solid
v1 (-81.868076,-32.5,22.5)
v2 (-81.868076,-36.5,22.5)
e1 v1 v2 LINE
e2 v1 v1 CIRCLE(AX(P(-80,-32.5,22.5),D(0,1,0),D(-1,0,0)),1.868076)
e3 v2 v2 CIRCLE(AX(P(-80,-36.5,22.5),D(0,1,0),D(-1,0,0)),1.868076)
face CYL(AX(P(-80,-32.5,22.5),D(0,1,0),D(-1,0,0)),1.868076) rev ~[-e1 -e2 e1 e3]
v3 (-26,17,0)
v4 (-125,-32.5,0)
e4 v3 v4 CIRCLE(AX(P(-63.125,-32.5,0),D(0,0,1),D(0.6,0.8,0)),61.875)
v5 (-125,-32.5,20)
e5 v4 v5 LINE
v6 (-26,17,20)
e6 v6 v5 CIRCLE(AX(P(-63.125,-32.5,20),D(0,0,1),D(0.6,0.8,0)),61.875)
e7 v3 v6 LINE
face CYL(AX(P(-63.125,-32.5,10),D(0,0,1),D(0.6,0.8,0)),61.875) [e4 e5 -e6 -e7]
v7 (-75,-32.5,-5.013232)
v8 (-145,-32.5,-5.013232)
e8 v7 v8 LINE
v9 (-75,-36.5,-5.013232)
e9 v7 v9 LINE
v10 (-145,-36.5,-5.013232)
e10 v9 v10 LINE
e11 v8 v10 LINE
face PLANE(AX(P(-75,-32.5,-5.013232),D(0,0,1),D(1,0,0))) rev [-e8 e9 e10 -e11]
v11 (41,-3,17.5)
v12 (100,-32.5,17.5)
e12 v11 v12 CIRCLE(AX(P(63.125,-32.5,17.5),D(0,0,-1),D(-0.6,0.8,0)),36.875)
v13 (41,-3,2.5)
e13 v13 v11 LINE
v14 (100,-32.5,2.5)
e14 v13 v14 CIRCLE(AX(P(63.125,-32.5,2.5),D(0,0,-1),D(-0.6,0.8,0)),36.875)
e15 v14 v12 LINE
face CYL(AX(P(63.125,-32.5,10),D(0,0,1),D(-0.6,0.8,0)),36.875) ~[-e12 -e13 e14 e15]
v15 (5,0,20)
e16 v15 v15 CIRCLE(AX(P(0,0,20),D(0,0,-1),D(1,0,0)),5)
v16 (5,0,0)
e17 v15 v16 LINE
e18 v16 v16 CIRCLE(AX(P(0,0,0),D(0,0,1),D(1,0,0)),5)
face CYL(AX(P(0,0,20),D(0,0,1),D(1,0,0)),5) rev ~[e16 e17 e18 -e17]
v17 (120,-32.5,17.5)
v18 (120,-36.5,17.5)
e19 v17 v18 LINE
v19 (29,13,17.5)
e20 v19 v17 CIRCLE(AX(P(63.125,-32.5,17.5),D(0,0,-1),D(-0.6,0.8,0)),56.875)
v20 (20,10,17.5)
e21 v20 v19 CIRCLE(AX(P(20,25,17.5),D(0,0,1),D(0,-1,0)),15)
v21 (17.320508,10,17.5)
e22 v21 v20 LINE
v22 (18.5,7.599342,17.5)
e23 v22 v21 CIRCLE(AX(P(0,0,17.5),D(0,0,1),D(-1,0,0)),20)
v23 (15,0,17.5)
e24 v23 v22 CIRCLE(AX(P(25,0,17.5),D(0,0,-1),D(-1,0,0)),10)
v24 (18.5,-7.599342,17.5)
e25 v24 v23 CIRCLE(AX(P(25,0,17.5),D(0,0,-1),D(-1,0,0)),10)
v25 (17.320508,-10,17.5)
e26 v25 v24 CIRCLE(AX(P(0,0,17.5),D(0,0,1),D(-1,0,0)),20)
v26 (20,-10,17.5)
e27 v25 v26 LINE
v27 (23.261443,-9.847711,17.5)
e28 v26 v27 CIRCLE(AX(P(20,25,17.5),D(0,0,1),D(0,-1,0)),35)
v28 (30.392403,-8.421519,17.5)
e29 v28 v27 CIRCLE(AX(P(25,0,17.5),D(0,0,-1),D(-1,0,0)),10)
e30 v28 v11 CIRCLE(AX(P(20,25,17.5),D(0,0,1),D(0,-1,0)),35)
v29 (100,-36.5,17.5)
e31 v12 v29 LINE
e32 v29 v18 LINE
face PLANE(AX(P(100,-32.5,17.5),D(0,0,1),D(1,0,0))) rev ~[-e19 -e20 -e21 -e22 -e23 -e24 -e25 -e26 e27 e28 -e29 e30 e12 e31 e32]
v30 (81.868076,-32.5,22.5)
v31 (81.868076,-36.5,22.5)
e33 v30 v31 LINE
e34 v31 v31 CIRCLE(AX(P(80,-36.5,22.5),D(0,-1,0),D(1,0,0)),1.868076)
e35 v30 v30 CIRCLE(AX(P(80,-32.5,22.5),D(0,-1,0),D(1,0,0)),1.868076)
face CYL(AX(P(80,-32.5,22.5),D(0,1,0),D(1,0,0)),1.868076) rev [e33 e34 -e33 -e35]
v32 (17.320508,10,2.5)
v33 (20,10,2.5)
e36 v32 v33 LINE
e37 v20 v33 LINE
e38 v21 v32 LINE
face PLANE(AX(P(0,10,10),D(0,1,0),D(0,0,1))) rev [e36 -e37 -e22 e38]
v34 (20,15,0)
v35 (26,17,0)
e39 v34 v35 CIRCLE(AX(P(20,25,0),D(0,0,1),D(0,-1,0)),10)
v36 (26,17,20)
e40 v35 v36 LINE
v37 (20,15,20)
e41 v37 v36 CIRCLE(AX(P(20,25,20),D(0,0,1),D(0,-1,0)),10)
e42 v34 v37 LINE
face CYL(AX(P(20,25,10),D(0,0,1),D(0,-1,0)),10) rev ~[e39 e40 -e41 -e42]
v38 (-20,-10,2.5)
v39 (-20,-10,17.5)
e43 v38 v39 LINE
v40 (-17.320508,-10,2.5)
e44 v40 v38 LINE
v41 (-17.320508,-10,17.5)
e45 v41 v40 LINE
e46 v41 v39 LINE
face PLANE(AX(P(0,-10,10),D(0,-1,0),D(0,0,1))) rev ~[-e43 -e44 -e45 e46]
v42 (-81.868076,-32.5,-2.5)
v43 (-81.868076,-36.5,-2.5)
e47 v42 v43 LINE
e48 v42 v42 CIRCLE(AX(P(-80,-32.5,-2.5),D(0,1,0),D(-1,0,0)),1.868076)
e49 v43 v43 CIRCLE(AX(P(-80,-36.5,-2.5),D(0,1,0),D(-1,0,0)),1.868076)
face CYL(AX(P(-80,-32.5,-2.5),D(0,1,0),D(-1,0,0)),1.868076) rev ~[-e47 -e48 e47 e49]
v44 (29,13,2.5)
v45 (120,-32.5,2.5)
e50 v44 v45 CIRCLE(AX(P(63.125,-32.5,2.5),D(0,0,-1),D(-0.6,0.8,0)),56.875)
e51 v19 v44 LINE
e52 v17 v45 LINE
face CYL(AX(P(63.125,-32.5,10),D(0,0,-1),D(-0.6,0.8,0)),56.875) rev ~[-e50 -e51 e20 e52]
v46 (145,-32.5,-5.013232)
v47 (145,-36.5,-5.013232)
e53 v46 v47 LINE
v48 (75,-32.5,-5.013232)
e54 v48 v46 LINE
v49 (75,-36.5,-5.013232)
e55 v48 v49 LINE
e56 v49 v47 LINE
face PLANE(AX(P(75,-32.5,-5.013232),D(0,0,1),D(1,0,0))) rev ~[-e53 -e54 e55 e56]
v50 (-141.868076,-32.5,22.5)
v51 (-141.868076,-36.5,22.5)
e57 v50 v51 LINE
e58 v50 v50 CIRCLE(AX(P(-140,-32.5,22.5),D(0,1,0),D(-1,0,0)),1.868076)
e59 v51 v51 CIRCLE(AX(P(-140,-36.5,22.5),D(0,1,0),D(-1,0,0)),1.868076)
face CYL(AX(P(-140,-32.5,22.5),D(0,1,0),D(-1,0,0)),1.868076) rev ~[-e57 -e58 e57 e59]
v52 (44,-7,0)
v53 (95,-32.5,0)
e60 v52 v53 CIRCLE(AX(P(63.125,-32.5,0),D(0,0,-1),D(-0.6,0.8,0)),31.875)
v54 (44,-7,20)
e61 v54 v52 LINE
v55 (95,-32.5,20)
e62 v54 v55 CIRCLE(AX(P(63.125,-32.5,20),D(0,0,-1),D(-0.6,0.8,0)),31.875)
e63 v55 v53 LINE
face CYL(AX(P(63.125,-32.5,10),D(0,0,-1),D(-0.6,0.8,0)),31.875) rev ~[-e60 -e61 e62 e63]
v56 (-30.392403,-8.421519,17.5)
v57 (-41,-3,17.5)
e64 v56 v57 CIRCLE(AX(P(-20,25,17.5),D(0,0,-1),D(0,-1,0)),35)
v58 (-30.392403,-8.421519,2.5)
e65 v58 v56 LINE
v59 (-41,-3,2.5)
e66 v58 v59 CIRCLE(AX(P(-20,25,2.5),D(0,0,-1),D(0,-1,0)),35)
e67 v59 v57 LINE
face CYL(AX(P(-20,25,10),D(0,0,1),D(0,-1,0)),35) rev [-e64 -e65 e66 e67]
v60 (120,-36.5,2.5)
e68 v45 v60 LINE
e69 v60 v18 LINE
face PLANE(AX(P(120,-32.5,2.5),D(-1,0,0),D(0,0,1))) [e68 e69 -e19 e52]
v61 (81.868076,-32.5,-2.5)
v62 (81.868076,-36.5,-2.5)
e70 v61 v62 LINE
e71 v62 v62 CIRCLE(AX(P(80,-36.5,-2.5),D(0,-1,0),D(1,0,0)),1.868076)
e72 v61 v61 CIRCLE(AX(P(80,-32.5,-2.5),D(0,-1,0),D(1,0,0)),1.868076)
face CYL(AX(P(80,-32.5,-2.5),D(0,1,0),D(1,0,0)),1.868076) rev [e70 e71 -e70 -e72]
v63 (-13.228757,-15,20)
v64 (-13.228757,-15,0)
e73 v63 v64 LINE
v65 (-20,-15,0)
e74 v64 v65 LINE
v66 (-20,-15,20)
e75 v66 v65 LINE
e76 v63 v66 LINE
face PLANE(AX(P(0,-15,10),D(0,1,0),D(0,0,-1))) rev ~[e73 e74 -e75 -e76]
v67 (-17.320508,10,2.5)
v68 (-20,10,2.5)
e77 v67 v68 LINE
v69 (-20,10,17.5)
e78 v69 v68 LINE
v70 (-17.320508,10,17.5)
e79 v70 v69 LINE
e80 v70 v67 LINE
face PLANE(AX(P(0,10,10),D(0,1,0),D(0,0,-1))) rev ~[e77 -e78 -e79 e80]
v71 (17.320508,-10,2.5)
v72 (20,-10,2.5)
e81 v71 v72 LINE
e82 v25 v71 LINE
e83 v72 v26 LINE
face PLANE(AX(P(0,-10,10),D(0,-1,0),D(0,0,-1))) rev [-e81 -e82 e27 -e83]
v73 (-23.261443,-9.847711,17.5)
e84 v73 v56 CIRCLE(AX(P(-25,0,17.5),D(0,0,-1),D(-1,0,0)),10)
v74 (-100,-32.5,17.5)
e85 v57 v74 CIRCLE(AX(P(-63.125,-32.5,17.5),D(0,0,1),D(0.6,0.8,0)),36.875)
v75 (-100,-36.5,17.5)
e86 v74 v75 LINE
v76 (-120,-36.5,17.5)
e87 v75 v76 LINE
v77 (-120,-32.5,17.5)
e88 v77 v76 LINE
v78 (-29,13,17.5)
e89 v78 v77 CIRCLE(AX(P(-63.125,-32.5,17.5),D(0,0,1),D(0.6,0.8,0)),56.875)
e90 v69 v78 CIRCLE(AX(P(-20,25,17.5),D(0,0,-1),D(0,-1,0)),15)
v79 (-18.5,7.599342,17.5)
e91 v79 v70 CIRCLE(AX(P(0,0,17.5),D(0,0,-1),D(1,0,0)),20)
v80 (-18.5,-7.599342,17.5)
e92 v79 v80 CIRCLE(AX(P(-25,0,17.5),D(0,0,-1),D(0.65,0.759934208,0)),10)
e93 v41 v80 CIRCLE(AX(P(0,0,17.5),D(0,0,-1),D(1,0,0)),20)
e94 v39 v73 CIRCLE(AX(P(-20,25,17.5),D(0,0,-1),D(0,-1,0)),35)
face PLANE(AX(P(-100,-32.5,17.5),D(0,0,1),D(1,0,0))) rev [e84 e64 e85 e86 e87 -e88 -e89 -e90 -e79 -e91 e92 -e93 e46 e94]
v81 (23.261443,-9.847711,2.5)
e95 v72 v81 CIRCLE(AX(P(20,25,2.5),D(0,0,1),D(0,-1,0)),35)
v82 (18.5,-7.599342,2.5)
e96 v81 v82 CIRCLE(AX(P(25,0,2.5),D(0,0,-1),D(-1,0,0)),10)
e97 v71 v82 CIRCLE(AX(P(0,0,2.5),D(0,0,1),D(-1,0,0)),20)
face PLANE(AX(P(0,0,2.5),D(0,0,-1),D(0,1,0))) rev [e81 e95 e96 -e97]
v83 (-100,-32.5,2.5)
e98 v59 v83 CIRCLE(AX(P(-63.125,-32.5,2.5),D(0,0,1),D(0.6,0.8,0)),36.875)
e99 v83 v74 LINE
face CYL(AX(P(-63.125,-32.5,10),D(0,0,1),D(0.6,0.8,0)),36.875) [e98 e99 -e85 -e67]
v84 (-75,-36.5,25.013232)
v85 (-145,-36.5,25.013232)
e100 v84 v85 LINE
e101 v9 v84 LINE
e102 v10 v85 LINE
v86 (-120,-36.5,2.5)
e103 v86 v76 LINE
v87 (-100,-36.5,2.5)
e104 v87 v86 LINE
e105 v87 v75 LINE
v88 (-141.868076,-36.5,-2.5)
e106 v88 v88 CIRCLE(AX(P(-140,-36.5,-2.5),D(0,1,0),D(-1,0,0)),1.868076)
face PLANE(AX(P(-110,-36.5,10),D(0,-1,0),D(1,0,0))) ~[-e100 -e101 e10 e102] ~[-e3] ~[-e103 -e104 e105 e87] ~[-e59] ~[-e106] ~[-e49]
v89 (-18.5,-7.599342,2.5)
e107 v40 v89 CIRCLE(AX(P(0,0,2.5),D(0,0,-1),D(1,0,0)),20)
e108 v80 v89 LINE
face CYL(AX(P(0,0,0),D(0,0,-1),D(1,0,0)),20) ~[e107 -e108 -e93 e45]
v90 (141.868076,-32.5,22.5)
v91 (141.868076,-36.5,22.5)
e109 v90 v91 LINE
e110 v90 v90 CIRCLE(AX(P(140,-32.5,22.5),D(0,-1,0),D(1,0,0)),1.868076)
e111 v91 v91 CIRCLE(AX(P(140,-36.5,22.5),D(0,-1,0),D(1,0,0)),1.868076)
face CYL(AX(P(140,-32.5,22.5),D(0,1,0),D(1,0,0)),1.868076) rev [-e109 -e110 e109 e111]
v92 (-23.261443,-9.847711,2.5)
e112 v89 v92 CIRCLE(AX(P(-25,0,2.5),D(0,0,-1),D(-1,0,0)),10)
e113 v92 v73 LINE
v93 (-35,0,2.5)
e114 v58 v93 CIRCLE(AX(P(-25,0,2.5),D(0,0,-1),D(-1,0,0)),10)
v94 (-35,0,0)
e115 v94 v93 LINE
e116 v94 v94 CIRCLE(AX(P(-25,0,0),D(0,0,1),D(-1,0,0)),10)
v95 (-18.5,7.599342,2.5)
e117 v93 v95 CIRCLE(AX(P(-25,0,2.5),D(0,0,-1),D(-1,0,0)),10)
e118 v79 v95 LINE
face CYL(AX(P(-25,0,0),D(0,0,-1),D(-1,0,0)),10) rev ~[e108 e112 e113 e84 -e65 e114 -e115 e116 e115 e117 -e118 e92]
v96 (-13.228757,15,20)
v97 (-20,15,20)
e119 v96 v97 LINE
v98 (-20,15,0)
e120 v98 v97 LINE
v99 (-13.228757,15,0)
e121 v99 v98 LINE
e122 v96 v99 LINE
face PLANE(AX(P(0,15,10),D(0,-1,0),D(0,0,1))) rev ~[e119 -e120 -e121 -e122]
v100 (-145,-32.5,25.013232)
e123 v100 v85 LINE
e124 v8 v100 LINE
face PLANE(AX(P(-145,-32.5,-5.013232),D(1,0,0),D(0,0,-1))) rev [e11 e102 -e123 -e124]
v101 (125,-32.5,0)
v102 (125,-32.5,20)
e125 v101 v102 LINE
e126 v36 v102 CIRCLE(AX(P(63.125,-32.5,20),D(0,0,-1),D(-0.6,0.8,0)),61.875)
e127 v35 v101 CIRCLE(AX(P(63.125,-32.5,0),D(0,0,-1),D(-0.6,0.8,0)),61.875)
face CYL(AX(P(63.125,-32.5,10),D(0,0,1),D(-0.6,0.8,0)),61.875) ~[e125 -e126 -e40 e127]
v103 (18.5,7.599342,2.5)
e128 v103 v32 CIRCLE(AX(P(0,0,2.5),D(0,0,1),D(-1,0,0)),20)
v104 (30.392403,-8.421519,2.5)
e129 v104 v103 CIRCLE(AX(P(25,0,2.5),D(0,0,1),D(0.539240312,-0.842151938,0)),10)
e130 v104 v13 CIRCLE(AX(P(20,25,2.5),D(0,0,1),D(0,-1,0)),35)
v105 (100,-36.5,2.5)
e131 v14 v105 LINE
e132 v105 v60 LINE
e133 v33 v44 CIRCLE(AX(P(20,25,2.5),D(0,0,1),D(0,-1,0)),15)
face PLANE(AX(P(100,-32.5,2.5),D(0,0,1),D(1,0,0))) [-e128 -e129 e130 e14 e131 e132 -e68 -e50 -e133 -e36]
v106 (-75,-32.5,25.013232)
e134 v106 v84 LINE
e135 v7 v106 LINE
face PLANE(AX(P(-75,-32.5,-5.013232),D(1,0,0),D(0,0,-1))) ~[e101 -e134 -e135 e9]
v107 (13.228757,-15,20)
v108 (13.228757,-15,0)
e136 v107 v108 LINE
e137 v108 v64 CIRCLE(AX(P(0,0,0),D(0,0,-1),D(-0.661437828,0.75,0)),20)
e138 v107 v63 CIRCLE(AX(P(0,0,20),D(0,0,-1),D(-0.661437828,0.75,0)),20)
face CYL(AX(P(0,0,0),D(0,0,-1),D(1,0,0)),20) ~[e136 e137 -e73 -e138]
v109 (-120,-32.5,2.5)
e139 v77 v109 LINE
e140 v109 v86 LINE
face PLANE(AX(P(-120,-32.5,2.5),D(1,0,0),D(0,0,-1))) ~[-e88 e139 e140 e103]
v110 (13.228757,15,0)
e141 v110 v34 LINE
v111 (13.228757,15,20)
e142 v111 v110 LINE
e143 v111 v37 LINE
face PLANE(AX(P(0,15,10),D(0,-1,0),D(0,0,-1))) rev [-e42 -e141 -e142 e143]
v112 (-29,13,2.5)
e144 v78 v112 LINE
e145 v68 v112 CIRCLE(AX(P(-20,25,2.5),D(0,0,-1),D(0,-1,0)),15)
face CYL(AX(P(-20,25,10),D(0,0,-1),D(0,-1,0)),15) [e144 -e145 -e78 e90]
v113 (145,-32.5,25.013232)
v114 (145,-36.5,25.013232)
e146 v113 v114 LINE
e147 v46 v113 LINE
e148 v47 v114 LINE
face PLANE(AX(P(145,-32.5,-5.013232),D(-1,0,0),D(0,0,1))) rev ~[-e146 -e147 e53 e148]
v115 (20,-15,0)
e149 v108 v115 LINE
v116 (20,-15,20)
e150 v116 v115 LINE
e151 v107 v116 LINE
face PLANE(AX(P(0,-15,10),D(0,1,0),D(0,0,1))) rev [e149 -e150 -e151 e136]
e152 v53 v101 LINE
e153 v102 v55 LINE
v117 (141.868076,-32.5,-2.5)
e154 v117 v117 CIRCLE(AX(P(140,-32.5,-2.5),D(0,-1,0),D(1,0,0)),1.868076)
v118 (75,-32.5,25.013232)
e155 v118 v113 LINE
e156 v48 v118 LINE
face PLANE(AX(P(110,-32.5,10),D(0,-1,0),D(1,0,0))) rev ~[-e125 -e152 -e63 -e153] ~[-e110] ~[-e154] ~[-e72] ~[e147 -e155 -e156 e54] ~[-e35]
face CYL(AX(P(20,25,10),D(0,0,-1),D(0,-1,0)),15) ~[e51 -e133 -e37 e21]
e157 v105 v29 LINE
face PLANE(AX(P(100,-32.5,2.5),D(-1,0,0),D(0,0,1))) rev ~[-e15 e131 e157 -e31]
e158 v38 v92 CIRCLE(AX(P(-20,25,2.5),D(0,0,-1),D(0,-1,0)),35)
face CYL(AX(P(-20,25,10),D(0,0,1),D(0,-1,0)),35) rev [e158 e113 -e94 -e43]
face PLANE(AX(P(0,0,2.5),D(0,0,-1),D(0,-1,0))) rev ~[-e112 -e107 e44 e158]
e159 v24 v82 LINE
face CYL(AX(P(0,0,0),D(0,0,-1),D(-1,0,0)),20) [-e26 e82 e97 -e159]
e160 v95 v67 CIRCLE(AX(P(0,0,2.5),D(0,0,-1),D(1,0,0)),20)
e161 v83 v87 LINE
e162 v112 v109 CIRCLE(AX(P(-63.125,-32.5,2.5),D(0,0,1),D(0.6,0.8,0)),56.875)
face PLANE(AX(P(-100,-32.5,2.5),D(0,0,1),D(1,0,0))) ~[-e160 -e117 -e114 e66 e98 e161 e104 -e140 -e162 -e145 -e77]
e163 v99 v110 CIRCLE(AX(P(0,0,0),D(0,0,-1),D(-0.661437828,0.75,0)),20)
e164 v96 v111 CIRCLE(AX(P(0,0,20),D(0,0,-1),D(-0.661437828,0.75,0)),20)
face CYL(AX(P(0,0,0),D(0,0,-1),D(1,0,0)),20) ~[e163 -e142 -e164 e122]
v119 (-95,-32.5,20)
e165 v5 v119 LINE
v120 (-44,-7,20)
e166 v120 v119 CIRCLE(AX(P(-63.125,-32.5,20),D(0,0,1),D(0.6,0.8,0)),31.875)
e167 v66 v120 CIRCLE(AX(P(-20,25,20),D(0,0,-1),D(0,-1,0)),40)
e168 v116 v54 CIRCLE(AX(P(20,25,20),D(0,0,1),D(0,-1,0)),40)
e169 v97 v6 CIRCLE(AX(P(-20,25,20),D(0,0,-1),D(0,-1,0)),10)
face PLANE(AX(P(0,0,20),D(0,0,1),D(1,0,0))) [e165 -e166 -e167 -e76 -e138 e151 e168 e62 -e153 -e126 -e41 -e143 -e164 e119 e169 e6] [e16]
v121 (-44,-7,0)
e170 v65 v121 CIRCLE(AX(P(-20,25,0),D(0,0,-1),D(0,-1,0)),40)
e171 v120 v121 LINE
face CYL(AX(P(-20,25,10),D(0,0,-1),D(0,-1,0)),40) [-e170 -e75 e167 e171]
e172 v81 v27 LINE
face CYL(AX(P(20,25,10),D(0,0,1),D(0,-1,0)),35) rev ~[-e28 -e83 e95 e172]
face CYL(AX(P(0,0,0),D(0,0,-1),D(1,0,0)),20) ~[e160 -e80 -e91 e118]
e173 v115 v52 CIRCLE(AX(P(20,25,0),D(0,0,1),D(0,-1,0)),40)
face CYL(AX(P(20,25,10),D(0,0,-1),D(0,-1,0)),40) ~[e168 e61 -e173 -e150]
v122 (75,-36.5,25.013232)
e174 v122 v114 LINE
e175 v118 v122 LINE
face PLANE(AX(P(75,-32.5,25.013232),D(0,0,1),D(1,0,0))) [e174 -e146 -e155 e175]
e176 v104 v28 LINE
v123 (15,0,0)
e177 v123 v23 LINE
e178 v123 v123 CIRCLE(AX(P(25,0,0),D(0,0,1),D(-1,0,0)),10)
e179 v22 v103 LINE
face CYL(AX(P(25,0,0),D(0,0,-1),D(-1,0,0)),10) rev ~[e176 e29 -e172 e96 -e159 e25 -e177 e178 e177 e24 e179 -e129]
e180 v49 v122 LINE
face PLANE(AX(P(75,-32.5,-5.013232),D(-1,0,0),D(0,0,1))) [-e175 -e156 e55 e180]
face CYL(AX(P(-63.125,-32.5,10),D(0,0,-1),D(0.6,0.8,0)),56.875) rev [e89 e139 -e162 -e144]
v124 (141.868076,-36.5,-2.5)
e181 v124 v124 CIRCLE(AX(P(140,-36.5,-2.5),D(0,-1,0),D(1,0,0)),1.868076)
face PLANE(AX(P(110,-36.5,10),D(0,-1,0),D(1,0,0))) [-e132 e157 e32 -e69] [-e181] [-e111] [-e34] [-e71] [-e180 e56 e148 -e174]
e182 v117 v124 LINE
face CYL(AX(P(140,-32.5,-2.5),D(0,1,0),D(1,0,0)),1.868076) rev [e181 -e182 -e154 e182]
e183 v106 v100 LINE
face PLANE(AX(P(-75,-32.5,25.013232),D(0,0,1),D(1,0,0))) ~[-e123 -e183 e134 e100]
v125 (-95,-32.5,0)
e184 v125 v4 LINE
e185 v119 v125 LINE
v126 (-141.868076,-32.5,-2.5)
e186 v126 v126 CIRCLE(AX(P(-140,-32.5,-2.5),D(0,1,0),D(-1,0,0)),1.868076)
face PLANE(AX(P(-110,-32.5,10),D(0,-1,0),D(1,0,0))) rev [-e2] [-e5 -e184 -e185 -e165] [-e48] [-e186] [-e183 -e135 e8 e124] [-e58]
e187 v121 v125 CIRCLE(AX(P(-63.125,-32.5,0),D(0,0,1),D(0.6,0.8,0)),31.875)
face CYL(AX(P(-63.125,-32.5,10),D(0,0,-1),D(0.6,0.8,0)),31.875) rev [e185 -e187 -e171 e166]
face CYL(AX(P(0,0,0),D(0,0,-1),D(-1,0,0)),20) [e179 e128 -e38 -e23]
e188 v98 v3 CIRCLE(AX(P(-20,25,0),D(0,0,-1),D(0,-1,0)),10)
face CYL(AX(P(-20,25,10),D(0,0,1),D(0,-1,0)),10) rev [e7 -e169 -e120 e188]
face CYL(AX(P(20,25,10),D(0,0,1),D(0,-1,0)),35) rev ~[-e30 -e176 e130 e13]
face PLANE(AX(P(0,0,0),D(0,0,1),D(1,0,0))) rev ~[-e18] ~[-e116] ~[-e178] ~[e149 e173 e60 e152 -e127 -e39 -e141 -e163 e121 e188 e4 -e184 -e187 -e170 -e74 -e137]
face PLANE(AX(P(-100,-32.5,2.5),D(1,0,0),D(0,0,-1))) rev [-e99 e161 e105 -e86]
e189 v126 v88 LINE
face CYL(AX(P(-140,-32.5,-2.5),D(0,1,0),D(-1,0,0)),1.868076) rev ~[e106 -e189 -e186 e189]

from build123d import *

# Parameters (mm, degrees)
SKETCH1_R               = 20
SKETCH1_R_2             = 5
BOSS_EXTRUDE1_DEPTH     = 20
SKETCH3_W               = 20
SKETCH3_H               = 30
SKETCH3_W_2             = 15
SKETCH3_H_2             = 20
SKETCH4_R               = 5
CUT_EXTRUDE1_DEPTH      = 1
CUT_EXTRUDE1_DEPTH_BACK = 21
SKETCH5_R               = 10
CUT_EXTRUDE2_DEPTH      = 1
CUT_EXTRUDE2_DEPTH_BACK = 17.5
SKETCH6_W               = 70
SKETCH6_H               = 30.026464272
SKETCH6_R               = 1.868076344
SKETCH6_W_2             = 20
SKETCH6_H_2             = 15
BOSS_EXTRUDE2_DEPTH     = 4


with BuildPart() as part:
    # Sketch1 → Boss-Extrude1 (new body)
    with BuildSketch(Plane.XY):
        Circle(SKETCH1_R)
        Circle(SKETCH1_R_2, mode=Mode.SUBTRACT)
    extrude(amount=BOSS_EXTRUDE1_DEPTH)

    # Sweep1: sweep along a path in Sketch2
    with BuildLine(Plane.XY) as sweep1_path:
        Line((0, 0), (-20, 0))
        ThreePointArc((-20, 0), (-27.90569415, 1.282917549), (-35, 5))
        ThreePointArc((-35, 5), (-84.088137289, 9.426274578), (-110, -32.5))
    # Sketch3 → Sweep1 (sweep)
    with BuildSketch(Plane(origin=(0, 0, 0), x_dir=(0, 0, -1), z_dir=(1, 0, 0))):
        with Locations((-10, 0)):
            Rectangle(SKETCH3_W, SKETCH3_H)
        with Locations((-10, 0)):
            Rectangle(SKETCH3_W_2, SKETCH3_H_2, mode=Mode.SUBTRACT)
    sweep(path=sweep1_path.line)

    # Mirror1: part across plane


with BuildPart() as part_1:
    add(part.part)
    add(part.part.mirror(Plane(origin=(0, 0, 0), x_dir=(0, 0, 1), z_dir=(1, 0, 0))))

    # Sketch4 → Cut-Extrude1 (cut, two sides)
    with BuildSketch(Plane.XY.offset(20)) as cut_extrude1_sk:
        Circle(SKETCH4_R)
    extrude(amount=CUT_EXTRUDE1_DEPTH, mode=Mode.SUBTRACT)
    extrude(cut_extrude1_sk.sketch, amount=-CUT_EXTRUDE1_DEPTH_BACK, mode=Mode.SUBTRACT)

    # Sketch5 → Cut-Extrude2 (cut, two sides)
    with BuildSketch(Plane(origin=(0, 0, 0), x_dir=(-1, 0, 0), z_dir=(0, 0, -1))) as cut_extrude2_sk:
        with Locations((-25, 0)):
            Circle(SKETCH5_R)
        with Locations((25, 0)):
            Circle(SKETCH5_R)
    extrude(amount=CUT_EXTRUDE2_DEPTH, mode=Mode.SUBTRACT)
    extrude(cut_extrude2_sk.sketch, amount=-CUT_EXTRUDE2_DEPTH_BACK, mode=Mode.SUBTRACT)

    # Sketch6 → Boss-Extrude2 (add)
    with BuildSketch(Plane.XZ.offset(32.5)):
        with Locations((110, 10)):
            Rectangle(SKETCH6_W, SKETCH6_H)
        with Locations((80, 22.5)):
            Circle(SKETCH6_R, mode=Mode.SUBTRACT)
        with Locations((140, 22.5)):
            Circle(SKETCH6_R, mode=Mode.SUBTRACT)
        with Locations((140, -2.5)):
            Circle(SKETCH6_R, mode=Mode.SUBTRACT)
        with Locations((80, -2.5)):
            Circle(SKETCH6_R, mode=Mode.SUBTRACT)
        with Locations((110, 10)):
            Rectangle(SKETCH6_W_2, SKETCH6_H_2, mode=Mode.SUBTRACT)
    extrude(amount=BOSS_EXTRUDE2_DEPTH)

    # Mirror2: part across plane


with BuildPart() as part_2:
    add(part_1.part)
    add(part_1.part.mirror(Plane(origin=(0, 0, 0), x_dir=(0, 0, 1), z_dir=(1, 0, 0))))


solid = part_2.part
